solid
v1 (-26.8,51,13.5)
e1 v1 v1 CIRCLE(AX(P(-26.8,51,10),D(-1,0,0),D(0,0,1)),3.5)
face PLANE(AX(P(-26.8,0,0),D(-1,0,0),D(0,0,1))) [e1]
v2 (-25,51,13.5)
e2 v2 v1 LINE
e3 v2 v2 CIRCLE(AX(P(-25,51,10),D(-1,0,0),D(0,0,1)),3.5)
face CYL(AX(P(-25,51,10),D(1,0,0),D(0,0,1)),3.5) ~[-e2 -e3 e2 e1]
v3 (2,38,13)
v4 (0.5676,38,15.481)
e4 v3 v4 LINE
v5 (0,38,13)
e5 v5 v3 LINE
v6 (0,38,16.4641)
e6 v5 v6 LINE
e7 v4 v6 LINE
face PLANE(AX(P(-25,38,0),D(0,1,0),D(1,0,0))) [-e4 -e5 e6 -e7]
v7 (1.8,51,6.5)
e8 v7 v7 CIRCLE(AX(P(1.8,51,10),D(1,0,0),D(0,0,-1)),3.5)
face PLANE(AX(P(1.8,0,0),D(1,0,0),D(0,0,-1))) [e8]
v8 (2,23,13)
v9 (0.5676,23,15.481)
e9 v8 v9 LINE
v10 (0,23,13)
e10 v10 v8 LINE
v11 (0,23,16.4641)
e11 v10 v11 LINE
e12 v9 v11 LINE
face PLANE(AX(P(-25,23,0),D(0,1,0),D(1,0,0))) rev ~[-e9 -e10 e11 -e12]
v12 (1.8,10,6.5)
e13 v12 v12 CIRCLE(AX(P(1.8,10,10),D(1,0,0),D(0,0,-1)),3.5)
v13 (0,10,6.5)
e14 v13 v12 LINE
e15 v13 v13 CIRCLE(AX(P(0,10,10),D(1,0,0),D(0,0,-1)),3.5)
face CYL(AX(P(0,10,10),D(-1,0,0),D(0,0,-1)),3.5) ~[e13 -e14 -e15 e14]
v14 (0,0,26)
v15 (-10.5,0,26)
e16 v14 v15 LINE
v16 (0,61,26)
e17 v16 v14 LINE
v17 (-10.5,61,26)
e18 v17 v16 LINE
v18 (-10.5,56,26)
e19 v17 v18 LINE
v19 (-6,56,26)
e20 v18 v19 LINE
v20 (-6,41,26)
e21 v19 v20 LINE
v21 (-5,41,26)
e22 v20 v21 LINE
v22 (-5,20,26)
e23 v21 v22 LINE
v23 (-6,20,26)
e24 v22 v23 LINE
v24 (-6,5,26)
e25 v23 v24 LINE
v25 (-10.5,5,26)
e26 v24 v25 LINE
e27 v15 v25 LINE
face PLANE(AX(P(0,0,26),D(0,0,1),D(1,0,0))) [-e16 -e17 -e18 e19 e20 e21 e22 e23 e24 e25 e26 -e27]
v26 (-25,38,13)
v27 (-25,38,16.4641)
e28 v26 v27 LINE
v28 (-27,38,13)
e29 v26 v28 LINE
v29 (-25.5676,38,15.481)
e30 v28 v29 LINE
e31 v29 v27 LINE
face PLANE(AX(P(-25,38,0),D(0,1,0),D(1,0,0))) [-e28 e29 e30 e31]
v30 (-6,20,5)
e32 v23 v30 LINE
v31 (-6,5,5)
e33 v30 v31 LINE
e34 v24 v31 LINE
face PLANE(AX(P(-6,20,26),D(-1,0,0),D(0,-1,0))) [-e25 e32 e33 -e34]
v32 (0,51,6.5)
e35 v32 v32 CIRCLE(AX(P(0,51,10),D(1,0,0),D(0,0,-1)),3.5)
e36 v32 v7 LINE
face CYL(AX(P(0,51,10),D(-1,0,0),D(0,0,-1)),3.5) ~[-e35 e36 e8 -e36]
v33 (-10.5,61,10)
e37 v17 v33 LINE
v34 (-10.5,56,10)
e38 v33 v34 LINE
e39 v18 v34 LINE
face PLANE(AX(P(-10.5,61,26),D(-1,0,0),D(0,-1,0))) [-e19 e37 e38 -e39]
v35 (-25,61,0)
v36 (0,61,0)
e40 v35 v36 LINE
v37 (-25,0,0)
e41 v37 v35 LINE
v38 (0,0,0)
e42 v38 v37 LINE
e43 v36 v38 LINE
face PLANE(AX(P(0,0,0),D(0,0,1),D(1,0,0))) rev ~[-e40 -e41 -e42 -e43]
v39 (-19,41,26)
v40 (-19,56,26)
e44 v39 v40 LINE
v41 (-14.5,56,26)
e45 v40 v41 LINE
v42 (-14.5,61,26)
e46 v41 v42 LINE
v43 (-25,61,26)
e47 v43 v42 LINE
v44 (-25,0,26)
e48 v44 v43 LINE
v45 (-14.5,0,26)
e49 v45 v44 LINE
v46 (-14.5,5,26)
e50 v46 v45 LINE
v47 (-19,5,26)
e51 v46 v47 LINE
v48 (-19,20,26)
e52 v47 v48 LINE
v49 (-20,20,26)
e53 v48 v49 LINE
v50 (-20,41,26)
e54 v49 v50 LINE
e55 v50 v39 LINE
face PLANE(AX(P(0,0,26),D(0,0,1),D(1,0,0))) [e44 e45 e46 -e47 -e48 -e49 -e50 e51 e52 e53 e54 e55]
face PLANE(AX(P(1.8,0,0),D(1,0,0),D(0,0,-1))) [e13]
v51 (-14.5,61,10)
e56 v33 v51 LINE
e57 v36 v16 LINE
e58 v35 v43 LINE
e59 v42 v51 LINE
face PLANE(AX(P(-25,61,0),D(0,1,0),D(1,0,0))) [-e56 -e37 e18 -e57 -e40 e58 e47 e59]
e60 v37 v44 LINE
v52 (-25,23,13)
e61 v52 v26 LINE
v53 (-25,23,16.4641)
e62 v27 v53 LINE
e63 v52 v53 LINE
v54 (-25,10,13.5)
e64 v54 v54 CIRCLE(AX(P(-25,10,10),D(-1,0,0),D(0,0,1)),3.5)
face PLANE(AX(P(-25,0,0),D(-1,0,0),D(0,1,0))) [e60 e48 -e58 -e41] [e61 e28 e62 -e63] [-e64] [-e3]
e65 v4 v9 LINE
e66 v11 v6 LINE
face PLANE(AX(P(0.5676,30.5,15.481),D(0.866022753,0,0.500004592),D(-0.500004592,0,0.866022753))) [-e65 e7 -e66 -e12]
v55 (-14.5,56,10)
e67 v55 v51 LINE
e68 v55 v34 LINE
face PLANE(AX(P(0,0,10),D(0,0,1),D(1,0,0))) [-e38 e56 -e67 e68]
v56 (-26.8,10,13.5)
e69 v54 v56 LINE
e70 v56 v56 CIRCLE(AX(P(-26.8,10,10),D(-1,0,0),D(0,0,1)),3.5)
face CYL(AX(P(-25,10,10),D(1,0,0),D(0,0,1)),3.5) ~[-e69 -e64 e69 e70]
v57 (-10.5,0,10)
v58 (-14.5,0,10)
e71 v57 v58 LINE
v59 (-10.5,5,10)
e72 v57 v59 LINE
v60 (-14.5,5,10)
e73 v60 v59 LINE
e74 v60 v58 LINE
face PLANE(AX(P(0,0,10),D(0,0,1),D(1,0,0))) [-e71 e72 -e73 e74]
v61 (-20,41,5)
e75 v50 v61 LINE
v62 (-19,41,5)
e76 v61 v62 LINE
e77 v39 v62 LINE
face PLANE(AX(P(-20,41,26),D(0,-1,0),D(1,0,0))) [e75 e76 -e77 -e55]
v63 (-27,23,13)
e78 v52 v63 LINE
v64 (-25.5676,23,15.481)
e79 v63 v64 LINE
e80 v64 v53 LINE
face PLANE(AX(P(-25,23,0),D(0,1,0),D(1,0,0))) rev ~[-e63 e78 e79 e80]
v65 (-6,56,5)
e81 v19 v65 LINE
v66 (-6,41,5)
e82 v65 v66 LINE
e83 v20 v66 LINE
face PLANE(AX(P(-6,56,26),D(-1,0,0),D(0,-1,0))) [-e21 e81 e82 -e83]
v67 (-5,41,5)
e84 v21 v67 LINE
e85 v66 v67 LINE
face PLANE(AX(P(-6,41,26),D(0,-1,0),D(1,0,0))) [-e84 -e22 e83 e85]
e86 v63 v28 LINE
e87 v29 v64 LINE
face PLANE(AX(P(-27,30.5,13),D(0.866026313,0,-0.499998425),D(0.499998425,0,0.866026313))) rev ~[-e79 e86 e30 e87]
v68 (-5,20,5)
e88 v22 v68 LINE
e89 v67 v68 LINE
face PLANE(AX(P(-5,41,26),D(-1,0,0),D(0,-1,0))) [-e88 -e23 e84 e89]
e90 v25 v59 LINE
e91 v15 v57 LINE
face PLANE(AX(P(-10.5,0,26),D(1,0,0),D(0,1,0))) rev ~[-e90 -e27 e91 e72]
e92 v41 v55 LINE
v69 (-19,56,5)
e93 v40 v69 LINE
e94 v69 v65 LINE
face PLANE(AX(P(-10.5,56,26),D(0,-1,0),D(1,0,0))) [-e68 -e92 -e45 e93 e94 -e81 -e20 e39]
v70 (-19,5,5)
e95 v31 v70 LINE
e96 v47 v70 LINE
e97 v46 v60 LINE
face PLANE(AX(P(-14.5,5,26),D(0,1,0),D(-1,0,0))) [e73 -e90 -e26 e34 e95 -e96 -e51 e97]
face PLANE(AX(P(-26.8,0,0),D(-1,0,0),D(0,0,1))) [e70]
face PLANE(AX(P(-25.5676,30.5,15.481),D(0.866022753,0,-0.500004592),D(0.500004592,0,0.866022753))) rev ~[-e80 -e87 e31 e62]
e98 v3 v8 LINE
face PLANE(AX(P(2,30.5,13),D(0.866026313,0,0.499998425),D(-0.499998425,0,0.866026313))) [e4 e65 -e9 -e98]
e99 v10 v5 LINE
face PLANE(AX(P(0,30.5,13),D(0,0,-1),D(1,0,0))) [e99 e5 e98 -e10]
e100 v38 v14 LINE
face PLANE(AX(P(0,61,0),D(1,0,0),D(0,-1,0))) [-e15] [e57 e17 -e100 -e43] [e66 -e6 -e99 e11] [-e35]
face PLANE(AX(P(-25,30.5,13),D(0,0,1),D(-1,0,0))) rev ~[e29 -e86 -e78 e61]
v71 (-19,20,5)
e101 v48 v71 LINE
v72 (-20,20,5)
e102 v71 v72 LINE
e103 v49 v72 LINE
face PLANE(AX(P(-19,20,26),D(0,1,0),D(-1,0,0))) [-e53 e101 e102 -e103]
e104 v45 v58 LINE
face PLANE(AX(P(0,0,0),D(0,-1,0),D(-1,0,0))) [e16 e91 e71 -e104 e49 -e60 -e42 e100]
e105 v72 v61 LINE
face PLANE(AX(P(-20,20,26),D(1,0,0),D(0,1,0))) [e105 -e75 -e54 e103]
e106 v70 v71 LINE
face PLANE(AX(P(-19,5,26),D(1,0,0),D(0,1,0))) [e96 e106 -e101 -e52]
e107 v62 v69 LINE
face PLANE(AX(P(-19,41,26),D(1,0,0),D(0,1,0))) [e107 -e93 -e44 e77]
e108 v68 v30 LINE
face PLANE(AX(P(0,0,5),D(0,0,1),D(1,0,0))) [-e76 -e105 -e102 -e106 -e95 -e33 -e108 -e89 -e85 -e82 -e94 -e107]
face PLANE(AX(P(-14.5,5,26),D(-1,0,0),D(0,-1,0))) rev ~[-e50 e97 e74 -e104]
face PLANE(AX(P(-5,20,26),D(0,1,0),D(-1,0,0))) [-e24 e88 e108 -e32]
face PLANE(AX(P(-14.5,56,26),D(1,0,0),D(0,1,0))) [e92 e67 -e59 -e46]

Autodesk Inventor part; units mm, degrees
ref_plane "YZ Plane" through (0, 0, 0) normal (1, 0, 0) x (0, 1, 0)
ref_plane "XZ Plane" through (0, 0, 0) normal (0, 1, 0) x (-1, 0, 0)
ref_plane "XY Plane" through (0, 0, 0) normal (0, 0, 1) x (1, 0, 0)
sketch "Skizze1" plane through (0, 0, 0) normal (0, 0, 1) x (1, 0, 0)
  line L0 (0, 0) -> (-25, 0)
  line L1 (-25, 0) -> (-25, 61)
  line L2 (-25, 61) -> (0, 61)
  line L3 (0, 61) -> (0, 0)
  dimension "d0" = 25
  dimension "d1" = 61
extrude "Extrusion1" add sketch "Skizze1" along normal blind 26
sketch "Skizze2" plane through (0, 0, 26) normal (0, 0, 1) x (1, 0, 0)
  line L0 (-6, 56) -> (-6, 41)
  line L1 (-19, 41) -> (-19, 56)
  line L2 (0, 61) -> (-25, 61)
  line L3 (-25, 61) -> (-25, 0)
  line L4 (0, 0) -> (0, 61)
  line L5 (-6, 20) -> (-6, 5)
  line L6 (-19, 5) -> (-19, 20)
  line L7 (-25, 0) -> (0, 0)
  line L8 (-20, 41) -> (-19, 41)
  line L9 (-5, 41) -> (-5, 20)
  line L10 (-5, 20) -> (-6, 20)
  line L11 (-20, 20) -> (-20, 41)
  line L12 (-6, 41) -> (-5, 41)
  line L13 (-19, 20) -> (-20, 20)
  line L14 (-6, 5) -> (-10.5, 5)
  line L15 (-14.5, 5) -> (-19, 5)
  line L16 (-19, 56) -> (-14.5, 56)
  line L17 (-10.5, 56) -> (-6, 56)
  line L18 (-14.5, 61) -> (-10.5, 61)
  line L19 (-14.5, 0) -> (-10.5, 0)
  line L20 (-14.5, 56) -> (-10.5, 56)
  line L21 (-14.5, 5) -> (-10.5, 5)
  dimension "d4" = 25
  dimension "d5" = 13
  dimension "d6" = 6
  dimension "d7" = 13
  dimension "d8" = 5
  dimension "d9" = 5
  dimension "d10" = 21
extrude "Extrusion2" cut sketch "Skizze2" against normal blind 21 contours L0 L12 L9 L10 L5 L14 L21 L15 L6 L13 L11 L8 L1 L16 L20 L17
sketch "Skizze3" plane through (0, 0, 26) normal (0, 0, 1) x (1, 0, 0)
  line L0 (0, 61) -> (-25, 61)
  line L1 (-19, 56) -> (-6, 56)
  line L2 (-14.5, 61) -> (-10.5, 61)
  line L3 (-10.5, 61) -> (-10.5, 56)
  line L4 (-14.5, 56) -> (-14.5, 61)
  line L5 (-25, 61) -> (-25, 0)
  line L6 (0, 0) -> (0, 61)
  line L7 (-30.0841, 30.5) -> (8.1464, 30.5)
  line L8 (-14.5, 56) -> (-10.5, 56)
  line L9 (-14.5, 5) -> (-14.5, 0)
  line L10 (-10.5, 0) -> (-14.5, 0)
  line L11 (-10.5, 0) -> (-10.5, 5)
  line L12 (-14.5, 5) -> (-10.5, 5)
  point P0 (-19, 5)
  point P1 (-6, 5)
  dimension "d13" = 10.5
  dimension "d14" = 10.5
  dimension "d15" = 4
extrude "Extrusion3" cut sketch "Skizze3" against normal blind 16 contours L3 L1 L4 L0 | L12 L11 L10 L9
ref_plane "Arbeitsebene1" through (-25, 30.5, 0) normal (0, 1, 0) x (1, 0, 0)
sketch "Skizze4" plane through (-25, 30.5, 0) normal (0, 1, 0) x (1, 0, 0)
  line L0 (14.5, -10) -> (10.5, -10) projected
  line L1 (0, 0) -> (0, -26) projected
  line L2 (0, -13) -> (-2, -13)
  line L3 (-2, -13) -> (-0.5676, -15.481)
  line L4 (-0.5676, -15.481) -> (0, -16.4641)
  line L5 (0, -13) -> (0, -16.4641)
  line L6 (25, -13) -> (27, -13)
  line L7 (27, -13) -> (25.5676, -15.481)
  line L8 (25.5676, -15.481) -> (25, -16.4641)
  line L9 (25, -13) -> (25, -16.4641)
  line L10 (0, 0) -> (25, 0) projected
  line L11 (25, -26) -> (14.5, -26) projected
  dimension "d18" = 2
  dimension "d19" = 60
  dimension "d22" = 13
  dimension "d23" = 9.5359
  dimension "d24" = 26
extrude "Extrusion4" add sketch "Skizze4" along normal mid plane 15
sketch "Skizze6" plane through (0, 0, 0) normal (1, 0, 0) x (0, 0, -1)
  line L0 (-5, 41) -> (-5, 56) projected
  circle A0 centre (-10, 10) radius 3.5
  line L1 (0, 61) -> (0, 0) projected
  circle A1 centre (-10, 51) radius 3.5
  line L2 (0, 61) -> (-26, 61) projected
  line L3 (0, 0) -> (-26, 0) projected
  dimension "d26" = 7
  dimension "d28" = 7
  dimension "d29" = 10
  dimension "d30" = 10
  dimension "d31" = 10
  dimension "d32" = 10
sketch "Skizze7" plane through (-25, 0, 0) normal (-1, 0, 0) x (0, 0, 1)
  circle A0 centre (10, 51) radius 3.5
  circle A1 centre (10, 10) radius 3.5
  line L0 (0, 61) -> (26, 61) projected
  line L1 (0, 0) -> (0, 61) projected
  line L2 (0, 0) -> (26, 0) projected
  dimension "d33" = 7
  dimension "d34" = 7
  dimension "d35" = 10
  dimension "d36" = 10
  dimension "d37" = 10
  dimension "d38" = 10
extrude "Extrusion5" add sketch "Skizze6" along normal blind 1.8
extrude "Extrusion6" add sketch "Skizze7" along normal blind 1.8
properties part number "valve_body"
